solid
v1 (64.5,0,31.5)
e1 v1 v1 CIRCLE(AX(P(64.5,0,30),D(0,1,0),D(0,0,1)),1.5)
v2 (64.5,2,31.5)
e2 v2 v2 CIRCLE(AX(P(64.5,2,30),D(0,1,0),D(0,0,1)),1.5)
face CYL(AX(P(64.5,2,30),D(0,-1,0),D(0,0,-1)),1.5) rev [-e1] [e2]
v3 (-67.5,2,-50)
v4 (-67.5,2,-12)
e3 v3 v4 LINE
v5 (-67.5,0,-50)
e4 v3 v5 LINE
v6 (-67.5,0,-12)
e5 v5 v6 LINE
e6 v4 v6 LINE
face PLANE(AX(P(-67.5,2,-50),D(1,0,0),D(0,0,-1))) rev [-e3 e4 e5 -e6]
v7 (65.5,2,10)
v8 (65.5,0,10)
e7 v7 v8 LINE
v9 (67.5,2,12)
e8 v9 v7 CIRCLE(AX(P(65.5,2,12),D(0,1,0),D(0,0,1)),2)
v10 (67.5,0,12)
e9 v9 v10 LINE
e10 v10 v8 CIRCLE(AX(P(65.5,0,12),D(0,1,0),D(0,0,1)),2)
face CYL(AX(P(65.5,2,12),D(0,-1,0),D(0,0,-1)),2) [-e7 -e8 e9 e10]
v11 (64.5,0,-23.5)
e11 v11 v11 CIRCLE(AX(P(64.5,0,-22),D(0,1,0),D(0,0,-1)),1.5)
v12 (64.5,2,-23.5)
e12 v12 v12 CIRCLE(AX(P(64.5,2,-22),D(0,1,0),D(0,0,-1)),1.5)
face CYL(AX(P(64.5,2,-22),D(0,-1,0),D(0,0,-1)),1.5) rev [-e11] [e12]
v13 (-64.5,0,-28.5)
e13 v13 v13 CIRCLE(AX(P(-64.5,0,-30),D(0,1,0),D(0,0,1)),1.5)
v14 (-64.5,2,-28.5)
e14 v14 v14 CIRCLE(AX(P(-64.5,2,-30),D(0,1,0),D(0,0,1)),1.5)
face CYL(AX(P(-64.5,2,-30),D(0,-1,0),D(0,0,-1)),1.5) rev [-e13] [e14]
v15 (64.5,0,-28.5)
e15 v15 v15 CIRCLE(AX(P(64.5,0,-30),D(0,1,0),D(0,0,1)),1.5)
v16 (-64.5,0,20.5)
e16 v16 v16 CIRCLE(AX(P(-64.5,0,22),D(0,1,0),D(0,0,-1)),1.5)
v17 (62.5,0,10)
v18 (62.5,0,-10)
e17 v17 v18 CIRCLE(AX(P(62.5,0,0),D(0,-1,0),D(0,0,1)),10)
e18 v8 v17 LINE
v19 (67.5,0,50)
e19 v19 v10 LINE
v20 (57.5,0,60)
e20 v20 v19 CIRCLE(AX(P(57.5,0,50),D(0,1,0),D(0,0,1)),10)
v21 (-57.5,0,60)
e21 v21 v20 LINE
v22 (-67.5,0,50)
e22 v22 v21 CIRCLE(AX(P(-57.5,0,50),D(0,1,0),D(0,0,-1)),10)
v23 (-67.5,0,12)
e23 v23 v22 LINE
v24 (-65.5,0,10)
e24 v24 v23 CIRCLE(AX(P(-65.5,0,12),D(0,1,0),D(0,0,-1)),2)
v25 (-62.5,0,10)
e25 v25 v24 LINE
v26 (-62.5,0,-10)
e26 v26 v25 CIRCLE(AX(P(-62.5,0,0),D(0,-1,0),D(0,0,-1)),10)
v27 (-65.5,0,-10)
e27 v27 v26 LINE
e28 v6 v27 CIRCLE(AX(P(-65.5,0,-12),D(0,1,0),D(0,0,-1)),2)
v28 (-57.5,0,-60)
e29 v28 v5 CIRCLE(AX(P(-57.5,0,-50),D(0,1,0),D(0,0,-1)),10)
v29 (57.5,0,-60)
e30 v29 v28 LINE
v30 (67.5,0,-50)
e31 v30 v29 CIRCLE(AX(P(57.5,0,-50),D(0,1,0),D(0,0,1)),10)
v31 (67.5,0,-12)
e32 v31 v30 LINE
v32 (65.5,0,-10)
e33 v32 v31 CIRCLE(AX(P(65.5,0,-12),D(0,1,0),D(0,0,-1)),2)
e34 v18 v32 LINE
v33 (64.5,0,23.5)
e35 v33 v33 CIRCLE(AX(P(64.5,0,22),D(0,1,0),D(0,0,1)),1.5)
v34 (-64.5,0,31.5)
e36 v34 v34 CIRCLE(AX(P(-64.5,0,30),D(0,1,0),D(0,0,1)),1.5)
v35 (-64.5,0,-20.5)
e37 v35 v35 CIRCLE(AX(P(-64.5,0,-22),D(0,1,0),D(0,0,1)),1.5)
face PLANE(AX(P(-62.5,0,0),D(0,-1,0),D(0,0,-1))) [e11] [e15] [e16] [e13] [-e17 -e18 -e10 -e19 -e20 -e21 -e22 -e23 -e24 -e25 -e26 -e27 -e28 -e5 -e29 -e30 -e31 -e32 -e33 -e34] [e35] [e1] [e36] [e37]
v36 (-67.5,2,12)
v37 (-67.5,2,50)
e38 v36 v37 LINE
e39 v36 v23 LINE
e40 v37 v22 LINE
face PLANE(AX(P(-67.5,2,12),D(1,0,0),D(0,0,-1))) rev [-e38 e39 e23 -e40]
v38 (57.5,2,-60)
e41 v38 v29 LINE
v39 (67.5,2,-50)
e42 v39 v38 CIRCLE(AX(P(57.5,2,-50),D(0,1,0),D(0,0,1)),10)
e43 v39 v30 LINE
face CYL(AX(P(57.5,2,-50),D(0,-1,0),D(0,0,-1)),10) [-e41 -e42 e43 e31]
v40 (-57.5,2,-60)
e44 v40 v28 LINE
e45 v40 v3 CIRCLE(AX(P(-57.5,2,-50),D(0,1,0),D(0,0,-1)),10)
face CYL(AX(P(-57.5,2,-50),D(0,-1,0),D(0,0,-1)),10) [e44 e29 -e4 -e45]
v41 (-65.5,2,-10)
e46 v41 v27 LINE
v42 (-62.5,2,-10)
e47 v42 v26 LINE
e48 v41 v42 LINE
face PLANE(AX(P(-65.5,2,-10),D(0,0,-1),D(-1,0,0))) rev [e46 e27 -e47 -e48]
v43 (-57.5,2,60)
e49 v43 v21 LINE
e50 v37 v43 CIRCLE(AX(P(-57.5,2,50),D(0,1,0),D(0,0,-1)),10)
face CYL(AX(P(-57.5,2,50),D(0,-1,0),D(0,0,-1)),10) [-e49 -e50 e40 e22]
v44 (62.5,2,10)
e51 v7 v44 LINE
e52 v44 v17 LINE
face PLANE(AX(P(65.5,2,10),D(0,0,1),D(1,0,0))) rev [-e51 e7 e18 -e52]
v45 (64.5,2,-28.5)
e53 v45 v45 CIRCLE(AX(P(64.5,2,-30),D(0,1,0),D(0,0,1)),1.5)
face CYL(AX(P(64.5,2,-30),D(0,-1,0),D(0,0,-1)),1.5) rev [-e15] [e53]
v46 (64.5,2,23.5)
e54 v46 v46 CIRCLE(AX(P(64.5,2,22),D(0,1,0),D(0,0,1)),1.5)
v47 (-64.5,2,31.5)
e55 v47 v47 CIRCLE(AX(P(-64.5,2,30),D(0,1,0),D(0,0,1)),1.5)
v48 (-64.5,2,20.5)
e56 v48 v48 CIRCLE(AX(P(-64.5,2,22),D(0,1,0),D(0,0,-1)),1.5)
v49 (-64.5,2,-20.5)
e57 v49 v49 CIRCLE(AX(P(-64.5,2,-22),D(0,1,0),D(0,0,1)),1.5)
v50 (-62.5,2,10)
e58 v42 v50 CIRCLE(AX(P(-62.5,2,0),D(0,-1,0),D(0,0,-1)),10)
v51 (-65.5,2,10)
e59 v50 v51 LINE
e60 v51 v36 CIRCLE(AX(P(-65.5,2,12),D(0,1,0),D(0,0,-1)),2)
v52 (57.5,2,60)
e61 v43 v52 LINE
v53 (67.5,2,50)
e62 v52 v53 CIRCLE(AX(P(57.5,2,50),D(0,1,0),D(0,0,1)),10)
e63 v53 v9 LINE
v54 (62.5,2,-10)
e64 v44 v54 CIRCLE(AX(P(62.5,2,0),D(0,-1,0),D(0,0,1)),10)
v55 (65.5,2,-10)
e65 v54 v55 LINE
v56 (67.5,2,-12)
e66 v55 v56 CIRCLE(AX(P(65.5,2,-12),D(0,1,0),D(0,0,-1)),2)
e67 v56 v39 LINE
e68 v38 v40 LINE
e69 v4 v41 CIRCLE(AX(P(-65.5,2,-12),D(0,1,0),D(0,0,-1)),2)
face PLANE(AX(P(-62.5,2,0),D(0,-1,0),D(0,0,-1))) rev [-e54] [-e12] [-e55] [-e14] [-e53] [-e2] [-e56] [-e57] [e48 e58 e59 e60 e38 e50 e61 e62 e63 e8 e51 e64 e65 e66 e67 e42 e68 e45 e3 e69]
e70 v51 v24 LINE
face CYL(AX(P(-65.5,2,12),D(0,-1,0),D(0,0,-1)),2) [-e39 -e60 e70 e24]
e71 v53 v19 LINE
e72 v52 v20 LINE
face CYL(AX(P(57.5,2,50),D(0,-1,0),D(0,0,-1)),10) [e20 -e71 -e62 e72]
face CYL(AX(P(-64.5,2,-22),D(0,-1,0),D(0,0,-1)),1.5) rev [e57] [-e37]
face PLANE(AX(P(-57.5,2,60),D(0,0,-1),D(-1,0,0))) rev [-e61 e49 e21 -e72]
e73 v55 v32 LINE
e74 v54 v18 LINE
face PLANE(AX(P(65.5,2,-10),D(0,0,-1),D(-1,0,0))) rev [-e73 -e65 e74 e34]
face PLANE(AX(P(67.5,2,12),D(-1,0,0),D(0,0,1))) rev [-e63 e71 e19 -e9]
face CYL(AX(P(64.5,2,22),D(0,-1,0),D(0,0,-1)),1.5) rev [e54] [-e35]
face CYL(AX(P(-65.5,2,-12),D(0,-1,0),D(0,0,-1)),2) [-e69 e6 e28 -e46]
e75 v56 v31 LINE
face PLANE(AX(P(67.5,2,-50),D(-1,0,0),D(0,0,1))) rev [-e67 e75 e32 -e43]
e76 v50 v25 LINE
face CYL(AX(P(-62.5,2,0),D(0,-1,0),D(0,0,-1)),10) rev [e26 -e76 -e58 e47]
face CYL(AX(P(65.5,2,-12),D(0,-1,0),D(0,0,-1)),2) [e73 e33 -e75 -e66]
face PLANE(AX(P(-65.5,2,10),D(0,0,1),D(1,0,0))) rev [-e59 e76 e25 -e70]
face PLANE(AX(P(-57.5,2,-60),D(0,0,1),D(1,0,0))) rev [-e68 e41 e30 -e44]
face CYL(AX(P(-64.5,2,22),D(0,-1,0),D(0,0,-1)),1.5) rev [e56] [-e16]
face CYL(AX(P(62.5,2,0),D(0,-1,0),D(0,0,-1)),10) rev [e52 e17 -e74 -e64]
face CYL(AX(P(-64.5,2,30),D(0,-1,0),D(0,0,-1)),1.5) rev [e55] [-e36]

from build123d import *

# Parameters (mm, degrees)
SKETCH_1_R      = 1.5
EXTRUDE_1_DEPTH = 2


with BuildPart() as part:
    # 草图1 → 凸台-拉伸1 (new body)
    with BuildSketch(Plane(origin=(0, 0, 0), x_dir=(1, 0, 0), z_dir=(0, 1, 0))):
        with BuildLine():
            Line((-65.5, 10), (-62.5, 10))
            ThreePointArc((-62.5, 10), (-52.5, 0), (-62.5, -10))
            Line((-62.5, -10), (-65.5, -10))
            ThreePointArc((-65.5, -10), (-66.914213562, -10.585786438), (-67.5, -12))
            Line((-67.5, -12), (-67.5, -50))
            ThreePointArc((-67.5, -50), (-64.571067812, -57.071067812), (-57.5, -60))
            Line((-57.5, -60), (57.5, -60))
            ThreePointArc((57.5, -60), (64.571067812, -57.071067812), (67.5, -50))
            Line((67.5, -50), (67.5, -12))
            ThreePointArc((67.5, -12), (66.914213562, -10.585786438), (65.5, -10))
            Line((65.5, -10), (62.5, -10))
            ThreePointArc((62.5, -10), (52.5, 0), (62.5, 10))
            Line((62.5, 10), (65.5, 10))
            ThreePointArc((65.5, 10), (66.914213562, 10.585786438), (67.5, 12))
            Line((67.5, 12), (67.5, 50))
            ThreePointArc((67.5, 50), (64.571067812, 57.071067812), (57.5, 60))
            Line((57.5, 60), (-57.5, 60))
            ThreePointArc((-57.5, 60), (-64.571067812, 57.071067812), (-67.5, 50))
            Line((-67.5, 50), (-67.5, 12))
            ThreePointArc((-67.5, 12), (-66.914213562, 10.585786438), (-65.5, 10))
        make_face()
        with Locations(Location((-64.5, 30, 0), (0, 0, 270))):
            Circle(SKETCH_1_R, mode=Mode.SUBTRACT)
        with Locations(Location((64.5, 30, 0), (0, 0, 270))):
            Circle(SKETCH_1_R, mode=Mode.SUBTRACT)
        with Locations(Location((64.5, -30, 0), (0, 0, 270))):
            Circle(SKETCH_1_R, mode=Mode.SUBTRACT)
        with Locations(Location((-64.5, -30, 0), (0, 0, 270))):
            Circle(SKETCH_1_R, mode=Mode.SUBTRACT)
        with Locations(Location((-64.5, 22, 0), (0, 0, 270))):
            Circle(SKETCH_1_R, mode=Mode.SUBTRACT)
        with Locations(Location((64.5, 22, 0), (0, 0, 90))):
            Circle(SKETCH_1_R, mode=Mode.SUBTRACT)
        with Locations(Location((64.5, -22, 0), (0, 0, 270))):
            Circle(SKETCH_1_R, mode=Mode.SUBTRACT)
        with Locations(Location((-64.5, -22, 0), (0, 0, 90))):
            Circle(SKETCH_1_R, mode=Mode.SUBTRACT)
    extrude(amount=EXTRUDE_1_DEPTH)


solid = part.part
